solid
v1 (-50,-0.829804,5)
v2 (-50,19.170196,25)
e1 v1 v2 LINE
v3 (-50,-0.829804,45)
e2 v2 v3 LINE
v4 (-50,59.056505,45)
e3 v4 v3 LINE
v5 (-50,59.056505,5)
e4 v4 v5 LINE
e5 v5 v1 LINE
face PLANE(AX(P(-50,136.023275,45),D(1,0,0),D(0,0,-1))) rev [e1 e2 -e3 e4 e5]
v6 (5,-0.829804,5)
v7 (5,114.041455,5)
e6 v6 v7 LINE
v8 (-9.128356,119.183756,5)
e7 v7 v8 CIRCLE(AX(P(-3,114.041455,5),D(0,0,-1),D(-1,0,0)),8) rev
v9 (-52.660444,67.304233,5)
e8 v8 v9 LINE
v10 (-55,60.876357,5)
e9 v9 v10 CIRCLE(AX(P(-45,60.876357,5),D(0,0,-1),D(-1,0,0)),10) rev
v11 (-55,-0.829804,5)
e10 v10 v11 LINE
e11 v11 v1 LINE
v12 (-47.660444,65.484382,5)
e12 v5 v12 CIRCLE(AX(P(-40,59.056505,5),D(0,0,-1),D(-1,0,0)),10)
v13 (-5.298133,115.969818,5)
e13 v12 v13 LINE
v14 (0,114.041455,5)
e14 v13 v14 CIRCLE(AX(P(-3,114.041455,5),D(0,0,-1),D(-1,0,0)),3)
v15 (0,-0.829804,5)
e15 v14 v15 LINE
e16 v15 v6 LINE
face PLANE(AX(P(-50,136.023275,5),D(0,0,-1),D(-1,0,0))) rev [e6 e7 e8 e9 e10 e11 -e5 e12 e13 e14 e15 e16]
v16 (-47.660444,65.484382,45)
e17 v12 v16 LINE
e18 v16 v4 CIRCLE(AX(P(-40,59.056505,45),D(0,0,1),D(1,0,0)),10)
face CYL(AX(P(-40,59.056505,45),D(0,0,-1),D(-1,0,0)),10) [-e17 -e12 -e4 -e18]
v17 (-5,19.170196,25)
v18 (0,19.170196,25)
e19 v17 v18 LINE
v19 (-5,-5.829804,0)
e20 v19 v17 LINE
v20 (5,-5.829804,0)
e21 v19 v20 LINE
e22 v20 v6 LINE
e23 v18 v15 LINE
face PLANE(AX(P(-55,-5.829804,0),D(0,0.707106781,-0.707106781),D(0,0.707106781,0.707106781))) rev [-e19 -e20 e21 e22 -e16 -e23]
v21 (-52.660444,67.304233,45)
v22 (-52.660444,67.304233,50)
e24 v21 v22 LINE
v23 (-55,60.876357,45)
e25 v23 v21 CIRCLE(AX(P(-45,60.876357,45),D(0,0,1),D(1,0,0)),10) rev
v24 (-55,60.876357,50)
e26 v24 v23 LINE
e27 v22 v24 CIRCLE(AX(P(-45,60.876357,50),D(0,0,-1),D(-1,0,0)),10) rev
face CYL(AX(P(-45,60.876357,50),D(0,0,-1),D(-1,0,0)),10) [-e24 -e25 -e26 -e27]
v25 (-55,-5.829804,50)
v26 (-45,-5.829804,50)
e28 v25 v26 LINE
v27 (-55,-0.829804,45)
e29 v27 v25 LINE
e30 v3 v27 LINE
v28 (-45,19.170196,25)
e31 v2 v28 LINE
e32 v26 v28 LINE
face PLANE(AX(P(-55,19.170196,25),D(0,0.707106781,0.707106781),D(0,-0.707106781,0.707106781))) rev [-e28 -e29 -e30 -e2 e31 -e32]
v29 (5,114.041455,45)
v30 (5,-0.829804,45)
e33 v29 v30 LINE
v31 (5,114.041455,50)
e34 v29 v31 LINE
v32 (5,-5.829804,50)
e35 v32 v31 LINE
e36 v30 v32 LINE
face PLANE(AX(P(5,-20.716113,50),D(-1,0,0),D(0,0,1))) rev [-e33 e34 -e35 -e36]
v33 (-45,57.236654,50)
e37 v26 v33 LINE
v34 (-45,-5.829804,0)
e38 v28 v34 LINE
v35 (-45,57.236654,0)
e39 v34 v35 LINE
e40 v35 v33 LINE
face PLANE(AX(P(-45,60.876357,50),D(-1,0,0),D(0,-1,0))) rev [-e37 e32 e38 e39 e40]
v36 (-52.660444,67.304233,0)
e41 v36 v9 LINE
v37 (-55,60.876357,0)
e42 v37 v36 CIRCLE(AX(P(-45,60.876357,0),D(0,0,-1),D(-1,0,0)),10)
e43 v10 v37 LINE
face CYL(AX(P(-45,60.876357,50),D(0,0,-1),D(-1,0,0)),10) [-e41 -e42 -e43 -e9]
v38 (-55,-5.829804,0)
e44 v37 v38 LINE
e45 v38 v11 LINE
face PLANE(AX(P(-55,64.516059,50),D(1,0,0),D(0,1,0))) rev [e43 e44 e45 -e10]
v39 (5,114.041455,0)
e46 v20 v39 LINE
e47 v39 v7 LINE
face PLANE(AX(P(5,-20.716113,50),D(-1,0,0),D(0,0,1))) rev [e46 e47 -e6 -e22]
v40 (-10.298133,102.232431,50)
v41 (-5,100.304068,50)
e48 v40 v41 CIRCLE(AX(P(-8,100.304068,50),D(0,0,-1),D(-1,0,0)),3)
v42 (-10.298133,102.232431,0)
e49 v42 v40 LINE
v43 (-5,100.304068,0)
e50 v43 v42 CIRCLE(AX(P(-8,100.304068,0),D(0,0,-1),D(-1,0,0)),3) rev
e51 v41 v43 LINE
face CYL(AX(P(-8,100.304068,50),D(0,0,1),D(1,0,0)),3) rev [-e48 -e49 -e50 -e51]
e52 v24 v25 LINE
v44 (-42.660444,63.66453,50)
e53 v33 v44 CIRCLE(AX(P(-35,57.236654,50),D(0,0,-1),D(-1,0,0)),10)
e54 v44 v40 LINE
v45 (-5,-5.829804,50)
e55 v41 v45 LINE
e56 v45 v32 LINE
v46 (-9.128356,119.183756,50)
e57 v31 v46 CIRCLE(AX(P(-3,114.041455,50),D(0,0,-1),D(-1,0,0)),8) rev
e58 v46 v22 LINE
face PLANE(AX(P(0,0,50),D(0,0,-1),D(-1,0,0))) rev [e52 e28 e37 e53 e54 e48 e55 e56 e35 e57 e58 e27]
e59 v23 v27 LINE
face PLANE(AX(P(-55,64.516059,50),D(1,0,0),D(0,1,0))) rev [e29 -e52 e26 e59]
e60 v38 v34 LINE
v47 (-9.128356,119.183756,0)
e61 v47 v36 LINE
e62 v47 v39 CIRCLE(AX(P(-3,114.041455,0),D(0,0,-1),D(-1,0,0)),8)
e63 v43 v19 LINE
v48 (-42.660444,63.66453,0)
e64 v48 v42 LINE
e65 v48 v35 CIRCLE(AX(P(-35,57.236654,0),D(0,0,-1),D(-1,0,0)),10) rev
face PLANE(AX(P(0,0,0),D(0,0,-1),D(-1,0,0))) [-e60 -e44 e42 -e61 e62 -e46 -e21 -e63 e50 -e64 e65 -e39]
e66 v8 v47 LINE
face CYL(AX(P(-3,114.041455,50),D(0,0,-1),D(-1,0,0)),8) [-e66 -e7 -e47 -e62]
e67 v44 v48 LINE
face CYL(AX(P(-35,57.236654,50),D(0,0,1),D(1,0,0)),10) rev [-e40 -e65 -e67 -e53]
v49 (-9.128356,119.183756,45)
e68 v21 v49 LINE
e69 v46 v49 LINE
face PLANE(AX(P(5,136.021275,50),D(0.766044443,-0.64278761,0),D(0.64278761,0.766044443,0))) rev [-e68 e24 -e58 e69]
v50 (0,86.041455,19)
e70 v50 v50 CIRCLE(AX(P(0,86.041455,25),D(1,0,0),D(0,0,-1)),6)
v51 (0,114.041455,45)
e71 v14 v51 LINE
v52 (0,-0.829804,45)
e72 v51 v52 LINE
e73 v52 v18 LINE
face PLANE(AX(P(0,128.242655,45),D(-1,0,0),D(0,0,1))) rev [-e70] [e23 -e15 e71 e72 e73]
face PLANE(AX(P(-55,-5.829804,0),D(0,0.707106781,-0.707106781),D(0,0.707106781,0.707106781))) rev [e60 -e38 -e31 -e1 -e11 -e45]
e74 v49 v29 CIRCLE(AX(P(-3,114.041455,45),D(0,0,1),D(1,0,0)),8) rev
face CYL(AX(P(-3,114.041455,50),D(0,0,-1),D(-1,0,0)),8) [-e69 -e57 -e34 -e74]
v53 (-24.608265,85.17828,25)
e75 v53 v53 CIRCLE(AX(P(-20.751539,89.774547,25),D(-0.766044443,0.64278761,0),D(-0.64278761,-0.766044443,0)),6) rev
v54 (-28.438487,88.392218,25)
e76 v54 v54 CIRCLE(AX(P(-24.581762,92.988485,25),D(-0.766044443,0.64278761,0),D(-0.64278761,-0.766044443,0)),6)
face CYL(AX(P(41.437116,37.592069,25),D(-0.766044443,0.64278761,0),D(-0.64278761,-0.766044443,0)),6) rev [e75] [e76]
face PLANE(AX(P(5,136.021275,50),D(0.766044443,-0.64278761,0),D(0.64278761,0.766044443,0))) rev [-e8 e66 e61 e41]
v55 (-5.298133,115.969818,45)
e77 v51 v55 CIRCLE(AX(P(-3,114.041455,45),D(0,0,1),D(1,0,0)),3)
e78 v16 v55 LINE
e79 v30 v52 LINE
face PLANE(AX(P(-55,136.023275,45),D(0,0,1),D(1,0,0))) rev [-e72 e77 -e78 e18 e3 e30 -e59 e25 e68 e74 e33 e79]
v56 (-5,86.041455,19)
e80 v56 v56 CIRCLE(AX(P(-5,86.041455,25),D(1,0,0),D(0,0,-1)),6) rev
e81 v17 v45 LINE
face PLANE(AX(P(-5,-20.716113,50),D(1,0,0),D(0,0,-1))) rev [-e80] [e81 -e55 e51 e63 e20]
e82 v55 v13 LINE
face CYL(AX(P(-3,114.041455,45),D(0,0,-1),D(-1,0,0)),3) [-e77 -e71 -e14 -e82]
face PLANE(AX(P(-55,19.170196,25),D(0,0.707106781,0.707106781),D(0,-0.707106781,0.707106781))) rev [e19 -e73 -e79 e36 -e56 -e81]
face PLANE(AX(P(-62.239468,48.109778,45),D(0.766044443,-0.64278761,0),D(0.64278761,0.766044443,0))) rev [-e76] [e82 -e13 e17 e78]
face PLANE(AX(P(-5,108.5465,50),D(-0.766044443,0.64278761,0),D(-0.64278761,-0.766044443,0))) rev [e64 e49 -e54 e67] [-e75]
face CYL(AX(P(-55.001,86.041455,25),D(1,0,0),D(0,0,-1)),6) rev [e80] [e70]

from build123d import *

# Parameters (mm, degrees)
BOSS_EXTRUDE2_DEPTH = 50
CUT_EXTRUDE1_REACH  = 175.469
SKETCH2_W           = 5
SKETCH2_H           = 40
SKETCH3_W           = 40
SKETCH3_H           = 5
CUT_EXTRUDE4_DEPTH  = 25
CUT_EXTRUDE5_REACH  = 148.615
SKETCH5_W           = 40
SKETCH5_H           = 5
CUT_EXTRUDE6_REACH  = 175.469
SKETCH6_W           = 5
SKETCH6_H           = 40
FILLET1_R           = 10
FILLET2_R           = 3
FILLET3_R           = 8
CUT_EXTRUDE7_REACH  = 146.893
CUT_EXTRUDE8_DEPTH  = 145.893467036
SKETCH10_W          = 50
SKETCH10_H          = 14.886309014
CUT_EXTRUDE9_DEPTH  = 145.893467036
CUT_EXTRUDE10_REACH = 110.938
SKETCH11_R          = 6
CUT_EXTRUDE11_REACH = 144.895
SKETCH12_R          = 6


with BuildPart() as part:
    # Sketch1 → Boss-Extrude2 (new body)
    with BuildSketch(Plane.XY):
        Polygon((5, -20.716112532), (5, 136.021274565), (-55, 64.51605901), (-55, -20.716112532), (-45, -20.716112532), (-45, 60.876356667), (-5, 108.546500371), (-5, -20.716112532), align=None)
    extrude(amount=BOSS_EXTRUDE2_DEPTH)

    # Cut-Extrude1: up to this plane
    cut_extrude1_end = Plane(origin=(5, 136.021274565, 50), z_dir=(0.7660444431189773, -0.6427876096865403, 0))
    # Sketch2 → Cut-Extrude1 (cut, up to the surface)
    with BuildSketch(Plane.XZ.offset(20.716112532), mode=Mode.PRIVATE) as cut_extrude1_sk1:
        with Locations((-52.5, 25)):
            Rectangle(SKETCH2_W, SKETCH2_H)
    cut_extrude1_tool1 = split(extrude(cut_extrude1_sk1.sketch, amount=-CUT_EXTRUDE1_REACH, mode=Mode.PRIVATE), bisect_by=cut_extrude1_end, keep=Keep.BOTH, mode=Mode.PRIVATE)
    add(cut_extrude1_tool1.solids().sort_by_distance((-52.5, -20.716113, 25))[0], mode=Mode.SUBTRACT)

    # Sketch3 → Cut-Extrude4 (cut)
    with BuildSketch(Plane(origin=(14.043282439, 16.736132299, 0), x_dir=(0, 0, -1), z_dir=(0.6427876096865403, 0.7660444431189773, 0))):
        with Locations((-25, 81.102567729)):
            Rectangle(SKETCH3_W, SKETCH3_H)
    extrude(amount=-CUT_EXTRUDE4_DEPTH, mode=Mode.SUBTRACT)

    # Cut-Extrude5: up to this plane
    cut_extrude5_end = Plane(origin=(5, -20.716112532, 50), z_dir=(-1, 0, 0))
    # Sketch5 → Cut-Extrude5 (cut, up to the surface)
    with BuildSketch(Plane(origin=(14.043282439, 16.736132299, 0), x_dir=(0, 0, -1), z_dir=(0.6427876096865403, 0.7660444431189773, 0)), mode=Mode.PRIVATE) as cut_extrude5_sk1:
        with Locations((-25, 81.102567729)):
            Rectangle(SKETCH5_W, SKETCH5_H)
    cut_extrude5_tool1 = split(extrude(cut_extrude5_sk1.sketch, amount=CUT_EXTRUDE5_REACH, mode=Mode.PRIVATE), bisect_by=cut_extrude5_end, keep=Keep.BOTH, mode=Mode.PRIVATE)
    add(cut_extrude5_tool1.solids().sort_by_distance((-48.084889, 68.867858, 25))[0], mode=Mode.SUBTRACT)

    # Cut-Extrude6: up to this plane
    cut_extrude6_end = Plane(origin=(-62.239468027, 48.109777846, 45), z_dir=(0.7660444431189773, -0.6427876096865403, 0))
    # Sketch6 → Cut-Extrude6 (cut, up to the surface)
    with BuildSketch(Plane.XZ.offset(20.716112532), mode=Mode.PRIVATE) as cut_extrude6_sk1:
        with Locations((2.5, 25)):
            Rectangle(SKETCH6_W, SKETCH6_H)
    cut_extrude6_tool1 = split(extrude(cut_extrude6_sk1.sketch, amount=-CUT_EXTRUDE6_REACH, mode=Mode.PRIVATE), bisect_by=cut_extrude6_end, keep=Keep.BOTH, mode=Mode.PRIVATE)
    add(cut_extrude6_tool1.solids().sort_by_distance((2.5, -20.716113, 25))[0], mode=Mode.SUBTRACT)

    # Fillet1
    fillet1_edges = [part.edges().sort_by_distance(p)[0] for p in [
        (-45, 60.876356667, 25),
        (-55, 64.51605901, 47.5),
        (-55, 64.51605901, 2.5),
        (-50, 62.696207838, 25),
    ]]
    fillet(fillet1_edges, radius=FILLET1_R)

    # Fillet2
    fillet2_edges = [part.edges().sort_by_distance(p)[0] for p in [
        (-5, 108.546500371, 25),
        (0, 122.283887468, 25),
    ]]
    fillet(fillet2_edges, radius=FILLET2_R)

    # Fillet3
    fillet3_edges = [part.edges().sort_by_distance(p)[0] for p in [
        (5, 136.021274565, 47.5),
        (5, 136.021274565, 2.5),
    ]]
    fillet(fillet3_edges, radius=FILLET3_R)

    # Cut-Extrude7: up to this face of the body (flat: up to its plane)
    cut_extrude7_end = Plane(part.part.faces().sort_by_distance((5, 46.662671339, 2.5))[0])
    # Sketch8 → Cut-Extrude7 (cut, up to the picked face)
    with BuildSketch(Plane.ZY.offset(55), mode=Mode.PRIVATE) as cut_extrude7_sk1:
        Polygon((0, -20.716112532), (25, 19.170196482), (50, -20.716112532), align=None)
    cut_extrude7_tool1 = split(extrude(cut_extrude7_sk1.sketch, amount=-CUT_EXTRUDE7_REACH, mode=Mode.PRIVATE), bisect_by=cut_extrude7_end, keep=Keep.BOTH, mode=Mode.PRIVATE)
    add(cut_extrude7_tool1.solids().sort_by(Axis((-55, -7.420676, 25), (1, 0, 0)))[0], mode=Mode.SUBTRACT)

    # Sketch9 → Cut-Extrude8 (cut, through all)
    with BuildSketch(Plane(origin=(5, 0, 0), x_dir=(0, 0, -1), z_dir=(1, 0, 0))):
        Polygon((0, -5.829803518), (-25, 19.170196482), (-50, -5.829803518), align=None)
    extrude(amount=-CUT_EXTRUDE8_DEPTH, mode=Mode.SUBTRACT)


with BuildPart() as cut_extrude8_piece_1:
    # of the separate pieces the step leaves, piece 1, a body of its own (cut_extrude8_pieces)
    add(part.part.solids().sort_by_distance((-5, 100.304068112, 0))[0])

    # Sketch11 → Cut-Extrude10 (cut, up to next)
    with BuildSketch(Plane(origin=(-60.213060223, 50.524756626, 0), x_dir=(0, 0, 1), z_dir=(-0.7660444431189772, 0.6427876096865404, 0)), mode=Mode.PRIVATE) as cut_extrude10_sk1:
        with Locations(Location((25, 55.43246022, 0), (0, 0, 270))):
            Circle(SKETCH11_R)
    cut_extrude10_tool1 = extrude(cut_extrude10_sk1.sketch, amount=-CUT_EXTRUDE10_REACH, mode=Mode.PRIVATE) & cut_extrude8_piece_1.part
    add(cut_extrude10_tool1.solids().sort_by_distance((-24.581762, 92.988485, 25))[0], mode=Mode.SUBTRACT)

    # Sketch12 → Cut-Extrude11 (cut, up to next)
    with BuildSketch(Plane(origin=(0, 0, 0), x_dir=(0, 0, -1), z_dir=(1, 0, 0)), mode=Mode.PRIVATE) as cut_extrude11_sk1:
        with Locations((-25, 86.04145521)):
            Circle(SKETCH12_R)
    cut_extrude11_tool1 = extrude(cut_extrude11_sk1.sketch, amount=-CUT_EXTRUDE11_REACH, mode=Mode.PRIVATE) & cut_extrude8_piece_1.part
    add(cut_extrude11_tool1.solids().sort_by_distance((0, 86.041455, 25))[0], mode=Mode.SUBTRACT)


with BuildPart() as cut_extrude8_piece_2:
    # of the separate pieces the step leaves, piece 2, a body of its own (cut_extrude8_pieces)
    add(part.part.solids().sort_by_distance((-5, -20.716112532, 0))[0])


with BuildPart() as cut_extrude8_piece_3:
    # of the separate pieces the step leaves, piece 3, a body of its own (cut_extrude8_pieces)
    add(part.part.solids().sort_by_distance((-45, -20.716112532, 0))[0])


with BuildPart() as cut_extrude8_piece_4:
    # of the separate pieces the step leaves, piece 4, a body of its own (cut_extrude8_pieces)
    add(part.part.solids().sort_by_distance((-5, -20.716112532, 50))[0])


with BuildPart() as cut_extrude8_piece_5:
    # of the separate pieces the step leaves, piece 5, a body of its own (cut_extrude8_pieces)
    add(part.part.solids().sort_by_distance((-45, -20.716112532, 50))[0])


with BuildPart() as cut_extrude9_tool:
    # Sketch10 → Cut-Extrude9 (new, through all)
    with BuildSketch(Plane.ZY.offset(55)):
        with Locations((25, -13.272958025)):
            Rectangle(SKETCH10_W, SKETCH10_H)
    extrude(amount=-CUT_EXTRUDE9_DEPTH)


with BuildPart() as cut_extrude8_piece_2_1:
    add(cut_extrude8_piece_2.part)

    # Cut-Extrude9: cut by cut_extrude9_tool
    add(cut_extrude9_tool.part, mode=Mode.SUBTRACT)


with BuildPart() as cut_extrude8_piece_3_1:
    add(cut_extrude8_piece_3.part)

    # Cut-Extrude9: cut by cut_extrude9_tool
    add(cut_extrude9_tool.part, mode=Mode.SUBTRACT)


with BuildPart() as cut_extrude8_piece_4_1:
    add(cut_extrude8_piece_4.part)

    # Cut-Extrude9: cut by cut_extrude9_tool
    add(cut_extrude9_tool.part, mode=Mode.SUBTRACT)


with BuildPart() as cut_extrude8_piece_5_1:
    add(cut_extrude8_piece_5.part)

    # Cut-Extrude9: cut by cut_extrude9_tool
    add(cut_extrude9_tool.part, mode=Mode.SUBTRACT)


solid = cut_extrude8_piece_1.part
